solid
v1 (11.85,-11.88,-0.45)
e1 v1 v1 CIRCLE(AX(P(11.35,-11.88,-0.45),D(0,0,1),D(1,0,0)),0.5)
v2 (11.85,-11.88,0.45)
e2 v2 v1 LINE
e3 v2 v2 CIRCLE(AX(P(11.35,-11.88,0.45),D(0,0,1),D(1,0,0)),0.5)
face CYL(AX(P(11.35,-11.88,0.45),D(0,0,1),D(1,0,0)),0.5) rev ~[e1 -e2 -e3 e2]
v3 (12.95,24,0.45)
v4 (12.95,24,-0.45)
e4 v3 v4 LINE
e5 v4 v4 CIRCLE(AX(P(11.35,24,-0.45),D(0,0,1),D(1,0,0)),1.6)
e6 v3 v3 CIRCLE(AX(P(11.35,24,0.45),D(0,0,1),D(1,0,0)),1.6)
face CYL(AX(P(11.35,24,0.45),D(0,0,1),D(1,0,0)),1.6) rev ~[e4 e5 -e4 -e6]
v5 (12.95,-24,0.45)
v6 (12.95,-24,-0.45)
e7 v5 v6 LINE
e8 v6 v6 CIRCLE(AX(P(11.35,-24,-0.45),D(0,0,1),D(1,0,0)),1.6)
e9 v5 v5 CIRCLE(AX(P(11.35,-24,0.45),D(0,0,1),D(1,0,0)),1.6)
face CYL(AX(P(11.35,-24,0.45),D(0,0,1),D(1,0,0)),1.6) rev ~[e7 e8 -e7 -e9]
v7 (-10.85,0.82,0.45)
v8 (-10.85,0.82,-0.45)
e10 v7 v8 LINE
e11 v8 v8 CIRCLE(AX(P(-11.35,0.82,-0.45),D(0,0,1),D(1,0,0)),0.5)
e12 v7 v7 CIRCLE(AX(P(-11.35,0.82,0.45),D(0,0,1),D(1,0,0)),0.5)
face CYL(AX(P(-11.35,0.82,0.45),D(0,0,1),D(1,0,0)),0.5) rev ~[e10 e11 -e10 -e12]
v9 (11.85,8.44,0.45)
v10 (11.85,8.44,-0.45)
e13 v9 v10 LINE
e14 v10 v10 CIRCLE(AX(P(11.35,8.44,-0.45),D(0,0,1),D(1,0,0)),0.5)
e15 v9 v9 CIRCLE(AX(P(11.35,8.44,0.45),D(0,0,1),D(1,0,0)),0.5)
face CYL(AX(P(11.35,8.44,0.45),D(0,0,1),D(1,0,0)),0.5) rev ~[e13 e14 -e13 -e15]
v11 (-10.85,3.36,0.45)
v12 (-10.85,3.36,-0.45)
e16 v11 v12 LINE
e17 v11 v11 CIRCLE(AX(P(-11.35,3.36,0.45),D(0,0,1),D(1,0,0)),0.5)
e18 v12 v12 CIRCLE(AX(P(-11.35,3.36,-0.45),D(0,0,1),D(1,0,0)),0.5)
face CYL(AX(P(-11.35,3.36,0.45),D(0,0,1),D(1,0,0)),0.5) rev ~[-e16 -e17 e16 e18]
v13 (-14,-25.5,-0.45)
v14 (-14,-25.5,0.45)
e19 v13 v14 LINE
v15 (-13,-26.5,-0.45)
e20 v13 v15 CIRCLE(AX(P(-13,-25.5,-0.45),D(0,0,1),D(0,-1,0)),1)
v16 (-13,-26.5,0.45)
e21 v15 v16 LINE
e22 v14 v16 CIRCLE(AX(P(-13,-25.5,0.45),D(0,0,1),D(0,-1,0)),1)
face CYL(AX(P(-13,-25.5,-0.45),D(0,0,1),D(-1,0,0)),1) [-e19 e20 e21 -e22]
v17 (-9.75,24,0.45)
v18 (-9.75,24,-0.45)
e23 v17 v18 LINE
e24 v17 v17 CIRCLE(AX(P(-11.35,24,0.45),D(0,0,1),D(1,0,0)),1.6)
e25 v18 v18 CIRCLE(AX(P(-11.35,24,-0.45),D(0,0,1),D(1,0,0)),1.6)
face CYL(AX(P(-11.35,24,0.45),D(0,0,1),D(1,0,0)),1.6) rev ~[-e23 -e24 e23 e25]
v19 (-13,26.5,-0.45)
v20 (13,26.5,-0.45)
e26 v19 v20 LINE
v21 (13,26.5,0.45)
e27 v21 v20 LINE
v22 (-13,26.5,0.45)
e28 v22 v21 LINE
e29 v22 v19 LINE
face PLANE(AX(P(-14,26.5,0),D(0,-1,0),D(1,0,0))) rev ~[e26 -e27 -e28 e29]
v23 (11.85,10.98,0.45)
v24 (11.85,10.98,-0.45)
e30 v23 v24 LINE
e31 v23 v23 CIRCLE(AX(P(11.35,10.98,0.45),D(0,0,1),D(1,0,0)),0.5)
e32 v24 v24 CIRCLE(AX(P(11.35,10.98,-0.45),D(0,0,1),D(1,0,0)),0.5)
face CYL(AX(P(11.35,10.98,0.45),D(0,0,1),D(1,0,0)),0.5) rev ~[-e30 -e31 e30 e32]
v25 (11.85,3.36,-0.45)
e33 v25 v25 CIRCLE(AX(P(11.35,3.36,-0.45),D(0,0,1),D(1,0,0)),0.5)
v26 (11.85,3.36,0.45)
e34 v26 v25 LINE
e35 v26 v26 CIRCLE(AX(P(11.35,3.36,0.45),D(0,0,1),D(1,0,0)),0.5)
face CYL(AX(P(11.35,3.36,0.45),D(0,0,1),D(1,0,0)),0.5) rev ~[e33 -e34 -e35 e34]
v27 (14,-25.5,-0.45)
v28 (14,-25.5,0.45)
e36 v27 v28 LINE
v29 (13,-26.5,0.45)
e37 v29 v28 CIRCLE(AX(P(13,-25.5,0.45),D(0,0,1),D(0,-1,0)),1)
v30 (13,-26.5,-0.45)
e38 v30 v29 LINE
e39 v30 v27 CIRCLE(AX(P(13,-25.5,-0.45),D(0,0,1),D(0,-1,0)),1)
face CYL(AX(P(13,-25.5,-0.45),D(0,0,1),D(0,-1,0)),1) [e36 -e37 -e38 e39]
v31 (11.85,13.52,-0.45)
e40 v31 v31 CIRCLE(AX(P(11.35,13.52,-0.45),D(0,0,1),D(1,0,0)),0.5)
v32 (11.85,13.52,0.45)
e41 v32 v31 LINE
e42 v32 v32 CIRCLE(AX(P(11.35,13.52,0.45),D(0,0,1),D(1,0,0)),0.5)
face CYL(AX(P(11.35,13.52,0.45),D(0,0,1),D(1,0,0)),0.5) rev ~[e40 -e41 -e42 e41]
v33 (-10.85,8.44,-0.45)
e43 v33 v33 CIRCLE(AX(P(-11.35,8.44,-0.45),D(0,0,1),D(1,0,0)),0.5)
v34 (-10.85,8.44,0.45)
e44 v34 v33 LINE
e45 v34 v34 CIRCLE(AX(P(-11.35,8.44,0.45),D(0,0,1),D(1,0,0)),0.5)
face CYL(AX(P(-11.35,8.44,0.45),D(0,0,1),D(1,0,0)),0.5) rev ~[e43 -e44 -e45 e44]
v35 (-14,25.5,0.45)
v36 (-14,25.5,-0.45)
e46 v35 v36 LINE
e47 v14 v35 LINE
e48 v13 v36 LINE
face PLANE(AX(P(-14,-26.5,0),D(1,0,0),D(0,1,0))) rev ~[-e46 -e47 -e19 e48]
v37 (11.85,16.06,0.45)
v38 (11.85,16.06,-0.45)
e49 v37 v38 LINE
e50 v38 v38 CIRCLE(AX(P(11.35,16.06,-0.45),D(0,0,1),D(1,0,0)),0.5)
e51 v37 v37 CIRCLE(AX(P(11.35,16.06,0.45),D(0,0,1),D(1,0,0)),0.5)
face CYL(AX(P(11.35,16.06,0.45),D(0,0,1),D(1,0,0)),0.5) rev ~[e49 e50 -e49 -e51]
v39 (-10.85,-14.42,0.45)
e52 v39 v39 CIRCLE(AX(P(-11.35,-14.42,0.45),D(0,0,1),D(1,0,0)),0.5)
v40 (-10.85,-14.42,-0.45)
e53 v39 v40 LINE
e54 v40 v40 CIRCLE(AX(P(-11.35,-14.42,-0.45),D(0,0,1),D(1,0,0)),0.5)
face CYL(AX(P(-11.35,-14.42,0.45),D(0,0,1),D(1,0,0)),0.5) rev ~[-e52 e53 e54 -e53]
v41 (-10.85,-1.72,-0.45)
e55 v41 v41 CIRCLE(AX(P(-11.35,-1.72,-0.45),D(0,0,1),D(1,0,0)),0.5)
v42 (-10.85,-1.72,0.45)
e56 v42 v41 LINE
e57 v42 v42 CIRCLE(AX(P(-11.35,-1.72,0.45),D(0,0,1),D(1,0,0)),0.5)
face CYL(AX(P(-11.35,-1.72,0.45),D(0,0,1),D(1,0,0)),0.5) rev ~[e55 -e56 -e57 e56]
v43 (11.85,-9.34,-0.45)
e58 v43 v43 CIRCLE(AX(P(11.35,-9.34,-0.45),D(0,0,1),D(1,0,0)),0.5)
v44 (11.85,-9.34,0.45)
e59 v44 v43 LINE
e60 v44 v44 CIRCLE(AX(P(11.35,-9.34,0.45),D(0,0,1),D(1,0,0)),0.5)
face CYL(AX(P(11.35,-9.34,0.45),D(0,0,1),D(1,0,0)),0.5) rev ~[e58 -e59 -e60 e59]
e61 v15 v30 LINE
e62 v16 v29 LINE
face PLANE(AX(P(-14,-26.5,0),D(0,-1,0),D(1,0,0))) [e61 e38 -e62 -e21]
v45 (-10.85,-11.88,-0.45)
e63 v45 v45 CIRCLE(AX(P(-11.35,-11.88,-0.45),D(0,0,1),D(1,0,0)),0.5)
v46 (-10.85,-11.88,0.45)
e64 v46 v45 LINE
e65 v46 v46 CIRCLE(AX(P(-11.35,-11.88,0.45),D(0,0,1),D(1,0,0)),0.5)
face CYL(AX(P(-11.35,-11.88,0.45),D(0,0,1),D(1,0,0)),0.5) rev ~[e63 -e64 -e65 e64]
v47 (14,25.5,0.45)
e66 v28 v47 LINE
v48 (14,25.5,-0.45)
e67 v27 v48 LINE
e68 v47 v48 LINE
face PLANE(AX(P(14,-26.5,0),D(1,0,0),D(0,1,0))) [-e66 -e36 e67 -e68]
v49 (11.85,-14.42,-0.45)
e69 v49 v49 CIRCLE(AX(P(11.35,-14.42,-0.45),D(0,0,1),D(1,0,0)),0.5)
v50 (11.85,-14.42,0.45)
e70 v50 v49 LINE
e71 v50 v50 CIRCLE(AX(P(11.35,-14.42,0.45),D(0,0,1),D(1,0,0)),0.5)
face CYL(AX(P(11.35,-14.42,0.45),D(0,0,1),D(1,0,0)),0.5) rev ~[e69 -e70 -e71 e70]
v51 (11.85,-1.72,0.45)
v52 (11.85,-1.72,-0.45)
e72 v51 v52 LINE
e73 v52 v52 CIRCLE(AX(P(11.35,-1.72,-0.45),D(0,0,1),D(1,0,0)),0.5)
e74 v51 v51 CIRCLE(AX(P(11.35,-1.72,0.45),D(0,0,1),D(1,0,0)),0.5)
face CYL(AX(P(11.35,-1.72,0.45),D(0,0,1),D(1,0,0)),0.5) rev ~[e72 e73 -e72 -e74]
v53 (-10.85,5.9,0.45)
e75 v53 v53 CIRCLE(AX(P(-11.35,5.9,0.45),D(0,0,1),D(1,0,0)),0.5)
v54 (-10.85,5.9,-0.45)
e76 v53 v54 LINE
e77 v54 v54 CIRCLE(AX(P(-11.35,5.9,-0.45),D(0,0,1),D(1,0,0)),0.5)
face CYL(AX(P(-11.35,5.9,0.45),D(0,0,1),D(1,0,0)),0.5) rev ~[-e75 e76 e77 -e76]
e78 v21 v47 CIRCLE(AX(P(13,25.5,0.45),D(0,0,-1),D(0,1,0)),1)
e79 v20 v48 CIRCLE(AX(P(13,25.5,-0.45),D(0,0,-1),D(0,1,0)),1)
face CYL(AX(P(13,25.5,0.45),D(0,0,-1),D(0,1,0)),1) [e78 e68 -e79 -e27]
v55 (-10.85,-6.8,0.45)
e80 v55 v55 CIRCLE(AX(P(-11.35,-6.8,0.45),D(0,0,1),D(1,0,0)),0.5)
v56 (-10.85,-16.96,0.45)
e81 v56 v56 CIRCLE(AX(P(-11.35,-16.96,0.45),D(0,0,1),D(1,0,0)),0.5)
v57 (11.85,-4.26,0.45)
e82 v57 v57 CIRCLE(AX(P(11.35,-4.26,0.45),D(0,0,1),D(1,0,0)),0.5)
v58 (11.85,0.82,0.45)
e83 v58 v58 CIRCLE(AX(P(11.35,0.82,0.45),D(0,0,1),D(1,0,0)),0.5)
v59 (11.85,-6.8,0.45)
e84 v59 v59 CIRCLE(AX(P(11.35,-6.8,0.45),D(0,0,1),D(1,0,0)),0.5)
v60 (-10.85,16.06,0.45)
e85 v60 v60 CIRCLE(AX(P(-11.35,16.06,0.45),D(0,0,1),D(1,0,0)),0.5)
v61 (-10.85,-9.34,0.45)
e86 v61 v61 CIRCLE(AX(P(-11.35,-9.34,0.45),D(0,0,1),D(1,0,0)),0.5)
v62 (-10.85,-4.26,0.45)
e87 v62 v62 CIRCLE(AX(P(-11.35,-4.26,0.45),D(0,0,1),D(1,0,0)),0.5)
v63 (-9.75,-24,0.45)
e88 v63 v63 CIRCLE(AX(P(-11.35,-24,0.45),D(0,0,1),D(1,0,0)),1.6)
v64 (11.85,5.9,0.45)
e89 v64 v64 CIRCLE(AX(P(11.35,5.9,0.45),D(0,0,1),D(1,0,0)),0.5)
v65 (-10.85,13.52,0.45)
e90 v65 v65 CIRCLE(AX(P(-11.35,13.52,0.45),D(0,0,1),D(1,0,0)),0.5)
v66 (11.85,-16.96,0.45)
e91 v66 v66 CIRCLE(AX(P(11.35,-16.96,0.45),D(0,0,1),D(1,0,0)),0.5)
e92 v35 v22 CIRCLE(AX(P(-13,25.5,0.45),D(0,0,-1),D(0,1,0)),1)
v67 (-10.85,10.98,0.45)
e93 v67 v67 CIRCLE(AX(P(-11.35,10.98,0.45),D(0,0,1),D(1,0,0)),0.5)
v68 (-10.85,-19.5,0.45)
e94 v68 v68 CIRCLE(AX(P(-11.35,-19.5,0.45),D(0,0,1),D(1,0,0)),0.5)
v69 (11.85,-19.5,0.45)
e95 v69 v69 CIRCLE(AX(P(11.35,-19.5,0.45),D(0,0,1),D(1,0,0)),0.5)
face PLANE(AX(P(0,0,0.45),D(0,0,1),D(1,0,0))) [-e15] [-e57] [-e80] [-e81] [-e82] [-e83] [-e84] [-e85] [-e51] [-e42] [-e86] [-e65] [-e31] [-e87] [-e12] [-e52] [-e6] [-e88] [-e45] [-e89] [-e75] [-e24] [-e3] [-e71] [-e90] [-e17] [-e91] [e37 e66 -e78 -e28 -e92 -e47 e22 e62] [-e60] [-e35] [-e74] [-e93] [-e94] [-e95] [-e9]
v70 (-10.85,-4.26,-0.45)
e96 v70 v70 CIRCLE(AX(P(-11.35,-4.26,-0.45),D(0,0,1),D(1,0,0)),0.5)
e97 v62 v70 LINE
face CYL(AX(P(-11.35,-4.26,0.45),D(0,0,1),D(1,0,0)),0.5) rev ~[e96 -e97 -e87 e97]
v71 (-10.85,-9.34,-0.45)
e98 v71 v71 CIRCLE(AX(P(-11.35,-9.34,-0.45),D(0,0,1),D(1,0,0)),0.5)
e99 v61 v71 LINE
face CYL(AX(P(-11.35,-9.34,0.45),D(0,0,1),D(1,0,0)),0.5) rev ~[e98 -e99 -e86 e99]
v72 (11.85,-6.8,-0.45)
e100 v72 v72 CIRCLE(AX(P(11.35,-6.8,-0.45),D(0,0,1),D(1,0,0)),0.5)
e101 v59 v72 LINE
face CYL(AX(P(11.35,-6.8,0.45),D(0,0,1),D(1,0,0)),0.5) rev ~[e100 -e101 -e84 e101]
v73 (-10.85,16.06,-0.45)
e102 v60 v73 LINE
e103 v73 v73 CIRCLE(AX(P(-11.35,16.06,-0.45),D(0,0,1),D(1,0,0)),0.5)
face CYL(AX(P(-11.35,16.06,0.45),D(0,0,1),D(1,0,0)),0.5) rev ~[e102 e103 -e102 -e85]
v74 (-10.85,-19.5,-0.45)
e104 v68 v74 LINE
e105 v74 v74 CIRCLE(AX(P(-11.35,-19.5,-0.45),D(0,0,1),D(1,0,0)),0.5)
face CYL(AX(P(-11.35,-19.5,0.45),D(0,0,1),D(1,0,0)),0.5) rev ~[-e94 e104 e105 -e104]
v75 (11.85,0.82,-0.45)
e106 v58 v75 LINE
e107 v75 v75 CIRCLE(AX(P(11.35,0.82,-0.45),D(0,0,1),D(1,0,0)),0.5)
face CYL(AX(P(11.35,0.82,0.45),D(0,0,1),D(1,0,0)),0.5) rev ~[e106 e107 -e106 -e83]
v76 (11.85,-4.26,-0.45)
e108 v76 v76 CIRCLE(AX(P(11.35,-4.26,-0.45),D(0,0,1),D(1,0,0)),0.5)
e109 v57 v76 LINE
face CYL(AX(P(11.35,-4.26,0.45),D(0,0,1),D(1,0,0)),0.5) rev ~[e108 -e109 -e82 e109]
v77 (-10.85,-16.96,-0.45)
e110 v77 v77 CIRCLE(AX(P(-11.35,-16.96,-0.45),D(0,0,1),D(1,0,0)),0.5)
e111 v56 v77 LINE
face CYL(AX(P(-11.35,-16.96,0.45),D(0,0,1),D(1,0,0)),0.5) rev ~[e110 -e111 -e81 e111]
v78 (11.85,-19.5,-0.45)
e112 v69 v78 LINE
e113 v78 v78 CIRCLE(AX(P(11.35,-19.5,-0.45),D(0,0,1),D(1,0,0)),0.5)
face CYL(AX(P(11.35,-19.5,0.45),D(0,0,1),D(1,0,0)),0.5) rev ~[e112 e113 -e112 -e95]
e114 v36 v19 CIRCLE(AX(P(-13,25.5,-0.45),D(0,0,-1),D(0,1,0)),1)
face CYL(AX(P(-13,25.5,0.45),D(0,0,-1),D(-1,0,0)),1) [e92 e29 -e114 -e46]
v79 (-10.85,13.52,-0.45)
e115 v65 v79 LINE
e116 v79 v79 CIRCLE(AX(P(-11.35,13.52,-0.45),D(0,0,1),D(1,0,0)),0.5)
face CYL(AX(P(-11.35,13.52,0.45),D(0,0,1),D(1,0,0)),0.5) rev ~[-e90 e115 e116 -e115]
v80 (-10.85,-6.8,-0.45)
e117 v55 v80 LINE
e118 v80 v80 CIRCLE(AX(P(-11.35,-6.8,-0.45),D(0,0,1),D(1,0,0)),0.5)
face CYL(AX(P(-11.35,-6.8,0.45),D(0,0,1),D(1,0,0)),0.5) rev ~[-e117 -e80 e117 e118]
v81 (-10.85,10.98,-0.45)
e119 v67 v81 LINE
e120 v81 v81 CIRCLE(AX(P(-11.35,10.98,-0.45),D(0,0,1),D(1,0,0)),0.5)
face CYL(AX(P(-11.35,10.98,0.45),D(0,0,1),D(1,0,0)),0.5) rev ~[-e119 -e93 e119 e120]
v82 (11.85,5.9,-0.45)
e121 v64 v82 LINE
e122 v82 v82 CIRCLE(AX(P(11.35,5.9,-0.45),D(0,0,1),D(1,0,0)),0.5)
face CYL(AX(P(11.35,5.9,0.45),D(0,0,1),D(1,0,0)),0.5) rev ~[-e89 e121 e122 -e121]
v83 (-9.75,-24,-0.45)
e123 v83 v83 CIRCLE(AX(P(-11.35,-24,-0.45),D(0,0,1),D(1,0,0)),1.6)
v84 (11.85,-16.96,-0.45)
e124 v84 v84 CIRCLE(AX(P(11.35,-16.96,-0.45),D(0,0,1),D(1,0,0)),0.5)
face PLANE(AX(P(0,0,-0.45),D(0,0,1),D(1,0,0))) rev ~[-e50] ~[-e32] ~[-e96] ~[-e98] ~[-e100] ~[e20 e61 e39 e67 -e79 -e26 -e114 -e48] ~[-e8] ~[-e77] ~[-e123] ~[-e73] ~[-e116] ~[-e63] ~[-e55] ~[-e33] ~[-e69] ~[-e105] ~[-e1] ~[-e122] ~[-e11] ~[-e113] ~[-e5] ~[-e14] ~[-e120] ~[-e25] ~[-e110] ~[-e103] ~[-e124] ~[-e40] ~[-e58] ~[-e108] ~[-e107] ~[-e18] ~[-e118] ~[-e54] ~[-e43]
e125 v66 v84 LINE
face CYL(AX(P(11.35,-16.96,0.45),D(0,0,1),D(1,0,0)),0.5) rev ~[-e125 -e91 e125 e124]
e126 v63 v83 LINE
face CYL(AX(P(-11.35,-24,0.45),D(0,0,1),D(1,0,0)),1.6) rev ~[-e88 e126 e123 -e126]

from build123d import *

# Parameters (mm, degrees)
ESBO_O1_W                = 28
ESBO_O1_H                = 53
RESSALTO_EXTRUS_O1_DEPTH = 0.45
CORTE_EXTRUS_O1_REACH    = 31.984
ESBO_O4_R                = 1.6
CORTE_EXTRUS_O2_REACH    = 31.984
ESBO_O5_R                = 0.5
PADR_O_LINEAR1_COUNT     = 15
PADR_O_LINEAR1_PITCH     = 2.54
FILETE1_R                = 1


with BuildPart() as part:
    # Esboço1 → Ressalto-extrusão1 (new, symmetric)
    with BuildSketch(Plane.XY):
        Rectangle(ESBO_O1_W, ESBO_O1_H)
    extrude(amount=RESSALTO_EXTRUS_O1_DEPTH, both=True)

    # Esboço4 → Corte-extrusão1 (cut, up to next)
    with BuildSketch(Plane.XY.offset(0.45), mode=Mode.PRIVATE) as corte_extrus_o1_sk1:
        with Locations((-11.35, -24)):
            Circle(ESBO_O4_R)
    corte_extrus_o1_tool1 = extrude(corte_extrus_o1_sk1.sketch, amount=-CORTE_EXTRUS_O1_REACH, mode=Mode.PRIVATE) & part.part
    # Esboço4 → Corte-extrusão1 (cut, up to next)
    with BuildSketch(Plane.XY.offset(0.45), mode=Mode.PRIVATE) as corte_extrus_o1_sk2:
        with Locations((11.35, -24)):
            Circle(ESBO_O4_R)
    corte_extrus_o1_tool2 = extrude(corte_extrus_o1_sk2.sketch, amount=-CORTE_EXTRUS_O1_REACH, mode=Mode.PRIVATE) & part.part
    # Esboço4 → Corte-extrusão1 (cut, up to next)
    with BuildSketch(Plane.XY.offset(0.45), mode=Mode.PRIVATE) as corte_extrus_o1_sk3:
        with Locations((11.35, 24)):
            Circle(ESBO_O4_R)
    corte_extrus_o1_tool3 = extrude(corte_extrus_o1_sk3.sketch, amount=-CORTE_EXTRUS_O1_REACH, mode=Mode.PRIVATE) & part.part
    # Esboço4 → Corte-extrusão1 (cut, up to next)
    with BuildSketch(Plane.XY.offset(0.45), mode=Mode.PRIVATE) as corte_extrus_o1_sk4:
        with Locations((-11.35, 24)):
            Circle(ESBO_O4_R)
    corte_extrus_o1_tool4 = extrude(corte_extrus_o1_sk4.sketch, amount=-CORTE_EXTRUS_O1_REACH, mode=Mode.PRIVATE) & part.part
    add(corte_extrus_o1_tool1.solids().sort_by_distance((-11.35, -24, 0.45))[0], mode=Mode.SUBTRACT)
    add(corte_extrus_o1_tool2.solids().sort_by_distance((11.35, -24, 0.45))[0], mode=Mode.SUBTRACT)
    add(corte_extrus_o1_tool3.solids().sort_by_distance((11.35, 24, 0.45))[0], mode=Mode.SUBTRACT)
    add(corte_extrus_o1_tool4.solids().sort_by_distance((-11.35, 24, 0.45))[0], mode=Mode.SUBTRACT)

    # Esboço5 → Corte-extrusão2 (cut, up to next)
    with BuildSketch(Plane.XY.offset(0.45), mode=Mode.PRIVATE) as corte_extrus_o2_sk1:
        with Locations((-11.35, -19.5)):
            Circle(ESBO_O5_R)
    corte_extrus_o2_tool1 = extrude(corte_extrus_o2_sk1.sketch, amount=-CORTE_EXTRUS_O2_REACH, mode=Mode.PRIVATE) & part.part
    # Esboço5 → Corte-extrusão2 (cut, up to next)
    with BuildSketch(Plane.XY.offset(0.45), mode=Mode.PRIVATE) as corte_extrus_o2_sk2:
        with Locations((11.35, -19.5)):
            Circle(ESBO_O5_R)
    corte_extrus_o2_tool2 = extrude(corte_extrus_o2_sk2.sketch, amount=-CORTE_EXTRUS_O2_REACH, mode=Mode.PRIVATE) & part.part
    corte_extrus_o2_1 = corte_extrus_o2_tool1.solids().sort_by_distance((-11.35, -19.5, 0.45))[0]
    add(corte_extrus_o2_1, mode=Mode.SUBTRACT)
    corte_extrus_o2_2 = corte_extrus_o2_tool2.solids().sort_by_distance((11.35, -19.5, 0.45))[0]
    add(corte_extrus_o2_2, mode=Mode.SUBTRACT)
    corte_extrus_o2 = corte_extrus_o2_1 + corte_extrus_o2_2  # Corte-extrusão2 as one shape, for the pattern or mirror that repeats it

    # Padrão linear1: Corte-extrusão2 ×15
    with Locations(*[(0, i * PADR_O_LINEAR1_PITCH, 0) for i in range(1, PADR_O_LINEAR1_COUNT)]):
        add(corte_extrus_o2, mode=Mode.SUBTRACT)

    # Filete1
    filete1_edges = [part.edges().sort_by_distance(p)[0] for p in [
        (-14, 26.5, 0),
        (14, 26.5, 0),
        (14, -26.5, 0),
        (-14, -26.5, 0),
    ]]
    fillet(filete1_edges, radius=FILETE1_R)


solid = part.part
